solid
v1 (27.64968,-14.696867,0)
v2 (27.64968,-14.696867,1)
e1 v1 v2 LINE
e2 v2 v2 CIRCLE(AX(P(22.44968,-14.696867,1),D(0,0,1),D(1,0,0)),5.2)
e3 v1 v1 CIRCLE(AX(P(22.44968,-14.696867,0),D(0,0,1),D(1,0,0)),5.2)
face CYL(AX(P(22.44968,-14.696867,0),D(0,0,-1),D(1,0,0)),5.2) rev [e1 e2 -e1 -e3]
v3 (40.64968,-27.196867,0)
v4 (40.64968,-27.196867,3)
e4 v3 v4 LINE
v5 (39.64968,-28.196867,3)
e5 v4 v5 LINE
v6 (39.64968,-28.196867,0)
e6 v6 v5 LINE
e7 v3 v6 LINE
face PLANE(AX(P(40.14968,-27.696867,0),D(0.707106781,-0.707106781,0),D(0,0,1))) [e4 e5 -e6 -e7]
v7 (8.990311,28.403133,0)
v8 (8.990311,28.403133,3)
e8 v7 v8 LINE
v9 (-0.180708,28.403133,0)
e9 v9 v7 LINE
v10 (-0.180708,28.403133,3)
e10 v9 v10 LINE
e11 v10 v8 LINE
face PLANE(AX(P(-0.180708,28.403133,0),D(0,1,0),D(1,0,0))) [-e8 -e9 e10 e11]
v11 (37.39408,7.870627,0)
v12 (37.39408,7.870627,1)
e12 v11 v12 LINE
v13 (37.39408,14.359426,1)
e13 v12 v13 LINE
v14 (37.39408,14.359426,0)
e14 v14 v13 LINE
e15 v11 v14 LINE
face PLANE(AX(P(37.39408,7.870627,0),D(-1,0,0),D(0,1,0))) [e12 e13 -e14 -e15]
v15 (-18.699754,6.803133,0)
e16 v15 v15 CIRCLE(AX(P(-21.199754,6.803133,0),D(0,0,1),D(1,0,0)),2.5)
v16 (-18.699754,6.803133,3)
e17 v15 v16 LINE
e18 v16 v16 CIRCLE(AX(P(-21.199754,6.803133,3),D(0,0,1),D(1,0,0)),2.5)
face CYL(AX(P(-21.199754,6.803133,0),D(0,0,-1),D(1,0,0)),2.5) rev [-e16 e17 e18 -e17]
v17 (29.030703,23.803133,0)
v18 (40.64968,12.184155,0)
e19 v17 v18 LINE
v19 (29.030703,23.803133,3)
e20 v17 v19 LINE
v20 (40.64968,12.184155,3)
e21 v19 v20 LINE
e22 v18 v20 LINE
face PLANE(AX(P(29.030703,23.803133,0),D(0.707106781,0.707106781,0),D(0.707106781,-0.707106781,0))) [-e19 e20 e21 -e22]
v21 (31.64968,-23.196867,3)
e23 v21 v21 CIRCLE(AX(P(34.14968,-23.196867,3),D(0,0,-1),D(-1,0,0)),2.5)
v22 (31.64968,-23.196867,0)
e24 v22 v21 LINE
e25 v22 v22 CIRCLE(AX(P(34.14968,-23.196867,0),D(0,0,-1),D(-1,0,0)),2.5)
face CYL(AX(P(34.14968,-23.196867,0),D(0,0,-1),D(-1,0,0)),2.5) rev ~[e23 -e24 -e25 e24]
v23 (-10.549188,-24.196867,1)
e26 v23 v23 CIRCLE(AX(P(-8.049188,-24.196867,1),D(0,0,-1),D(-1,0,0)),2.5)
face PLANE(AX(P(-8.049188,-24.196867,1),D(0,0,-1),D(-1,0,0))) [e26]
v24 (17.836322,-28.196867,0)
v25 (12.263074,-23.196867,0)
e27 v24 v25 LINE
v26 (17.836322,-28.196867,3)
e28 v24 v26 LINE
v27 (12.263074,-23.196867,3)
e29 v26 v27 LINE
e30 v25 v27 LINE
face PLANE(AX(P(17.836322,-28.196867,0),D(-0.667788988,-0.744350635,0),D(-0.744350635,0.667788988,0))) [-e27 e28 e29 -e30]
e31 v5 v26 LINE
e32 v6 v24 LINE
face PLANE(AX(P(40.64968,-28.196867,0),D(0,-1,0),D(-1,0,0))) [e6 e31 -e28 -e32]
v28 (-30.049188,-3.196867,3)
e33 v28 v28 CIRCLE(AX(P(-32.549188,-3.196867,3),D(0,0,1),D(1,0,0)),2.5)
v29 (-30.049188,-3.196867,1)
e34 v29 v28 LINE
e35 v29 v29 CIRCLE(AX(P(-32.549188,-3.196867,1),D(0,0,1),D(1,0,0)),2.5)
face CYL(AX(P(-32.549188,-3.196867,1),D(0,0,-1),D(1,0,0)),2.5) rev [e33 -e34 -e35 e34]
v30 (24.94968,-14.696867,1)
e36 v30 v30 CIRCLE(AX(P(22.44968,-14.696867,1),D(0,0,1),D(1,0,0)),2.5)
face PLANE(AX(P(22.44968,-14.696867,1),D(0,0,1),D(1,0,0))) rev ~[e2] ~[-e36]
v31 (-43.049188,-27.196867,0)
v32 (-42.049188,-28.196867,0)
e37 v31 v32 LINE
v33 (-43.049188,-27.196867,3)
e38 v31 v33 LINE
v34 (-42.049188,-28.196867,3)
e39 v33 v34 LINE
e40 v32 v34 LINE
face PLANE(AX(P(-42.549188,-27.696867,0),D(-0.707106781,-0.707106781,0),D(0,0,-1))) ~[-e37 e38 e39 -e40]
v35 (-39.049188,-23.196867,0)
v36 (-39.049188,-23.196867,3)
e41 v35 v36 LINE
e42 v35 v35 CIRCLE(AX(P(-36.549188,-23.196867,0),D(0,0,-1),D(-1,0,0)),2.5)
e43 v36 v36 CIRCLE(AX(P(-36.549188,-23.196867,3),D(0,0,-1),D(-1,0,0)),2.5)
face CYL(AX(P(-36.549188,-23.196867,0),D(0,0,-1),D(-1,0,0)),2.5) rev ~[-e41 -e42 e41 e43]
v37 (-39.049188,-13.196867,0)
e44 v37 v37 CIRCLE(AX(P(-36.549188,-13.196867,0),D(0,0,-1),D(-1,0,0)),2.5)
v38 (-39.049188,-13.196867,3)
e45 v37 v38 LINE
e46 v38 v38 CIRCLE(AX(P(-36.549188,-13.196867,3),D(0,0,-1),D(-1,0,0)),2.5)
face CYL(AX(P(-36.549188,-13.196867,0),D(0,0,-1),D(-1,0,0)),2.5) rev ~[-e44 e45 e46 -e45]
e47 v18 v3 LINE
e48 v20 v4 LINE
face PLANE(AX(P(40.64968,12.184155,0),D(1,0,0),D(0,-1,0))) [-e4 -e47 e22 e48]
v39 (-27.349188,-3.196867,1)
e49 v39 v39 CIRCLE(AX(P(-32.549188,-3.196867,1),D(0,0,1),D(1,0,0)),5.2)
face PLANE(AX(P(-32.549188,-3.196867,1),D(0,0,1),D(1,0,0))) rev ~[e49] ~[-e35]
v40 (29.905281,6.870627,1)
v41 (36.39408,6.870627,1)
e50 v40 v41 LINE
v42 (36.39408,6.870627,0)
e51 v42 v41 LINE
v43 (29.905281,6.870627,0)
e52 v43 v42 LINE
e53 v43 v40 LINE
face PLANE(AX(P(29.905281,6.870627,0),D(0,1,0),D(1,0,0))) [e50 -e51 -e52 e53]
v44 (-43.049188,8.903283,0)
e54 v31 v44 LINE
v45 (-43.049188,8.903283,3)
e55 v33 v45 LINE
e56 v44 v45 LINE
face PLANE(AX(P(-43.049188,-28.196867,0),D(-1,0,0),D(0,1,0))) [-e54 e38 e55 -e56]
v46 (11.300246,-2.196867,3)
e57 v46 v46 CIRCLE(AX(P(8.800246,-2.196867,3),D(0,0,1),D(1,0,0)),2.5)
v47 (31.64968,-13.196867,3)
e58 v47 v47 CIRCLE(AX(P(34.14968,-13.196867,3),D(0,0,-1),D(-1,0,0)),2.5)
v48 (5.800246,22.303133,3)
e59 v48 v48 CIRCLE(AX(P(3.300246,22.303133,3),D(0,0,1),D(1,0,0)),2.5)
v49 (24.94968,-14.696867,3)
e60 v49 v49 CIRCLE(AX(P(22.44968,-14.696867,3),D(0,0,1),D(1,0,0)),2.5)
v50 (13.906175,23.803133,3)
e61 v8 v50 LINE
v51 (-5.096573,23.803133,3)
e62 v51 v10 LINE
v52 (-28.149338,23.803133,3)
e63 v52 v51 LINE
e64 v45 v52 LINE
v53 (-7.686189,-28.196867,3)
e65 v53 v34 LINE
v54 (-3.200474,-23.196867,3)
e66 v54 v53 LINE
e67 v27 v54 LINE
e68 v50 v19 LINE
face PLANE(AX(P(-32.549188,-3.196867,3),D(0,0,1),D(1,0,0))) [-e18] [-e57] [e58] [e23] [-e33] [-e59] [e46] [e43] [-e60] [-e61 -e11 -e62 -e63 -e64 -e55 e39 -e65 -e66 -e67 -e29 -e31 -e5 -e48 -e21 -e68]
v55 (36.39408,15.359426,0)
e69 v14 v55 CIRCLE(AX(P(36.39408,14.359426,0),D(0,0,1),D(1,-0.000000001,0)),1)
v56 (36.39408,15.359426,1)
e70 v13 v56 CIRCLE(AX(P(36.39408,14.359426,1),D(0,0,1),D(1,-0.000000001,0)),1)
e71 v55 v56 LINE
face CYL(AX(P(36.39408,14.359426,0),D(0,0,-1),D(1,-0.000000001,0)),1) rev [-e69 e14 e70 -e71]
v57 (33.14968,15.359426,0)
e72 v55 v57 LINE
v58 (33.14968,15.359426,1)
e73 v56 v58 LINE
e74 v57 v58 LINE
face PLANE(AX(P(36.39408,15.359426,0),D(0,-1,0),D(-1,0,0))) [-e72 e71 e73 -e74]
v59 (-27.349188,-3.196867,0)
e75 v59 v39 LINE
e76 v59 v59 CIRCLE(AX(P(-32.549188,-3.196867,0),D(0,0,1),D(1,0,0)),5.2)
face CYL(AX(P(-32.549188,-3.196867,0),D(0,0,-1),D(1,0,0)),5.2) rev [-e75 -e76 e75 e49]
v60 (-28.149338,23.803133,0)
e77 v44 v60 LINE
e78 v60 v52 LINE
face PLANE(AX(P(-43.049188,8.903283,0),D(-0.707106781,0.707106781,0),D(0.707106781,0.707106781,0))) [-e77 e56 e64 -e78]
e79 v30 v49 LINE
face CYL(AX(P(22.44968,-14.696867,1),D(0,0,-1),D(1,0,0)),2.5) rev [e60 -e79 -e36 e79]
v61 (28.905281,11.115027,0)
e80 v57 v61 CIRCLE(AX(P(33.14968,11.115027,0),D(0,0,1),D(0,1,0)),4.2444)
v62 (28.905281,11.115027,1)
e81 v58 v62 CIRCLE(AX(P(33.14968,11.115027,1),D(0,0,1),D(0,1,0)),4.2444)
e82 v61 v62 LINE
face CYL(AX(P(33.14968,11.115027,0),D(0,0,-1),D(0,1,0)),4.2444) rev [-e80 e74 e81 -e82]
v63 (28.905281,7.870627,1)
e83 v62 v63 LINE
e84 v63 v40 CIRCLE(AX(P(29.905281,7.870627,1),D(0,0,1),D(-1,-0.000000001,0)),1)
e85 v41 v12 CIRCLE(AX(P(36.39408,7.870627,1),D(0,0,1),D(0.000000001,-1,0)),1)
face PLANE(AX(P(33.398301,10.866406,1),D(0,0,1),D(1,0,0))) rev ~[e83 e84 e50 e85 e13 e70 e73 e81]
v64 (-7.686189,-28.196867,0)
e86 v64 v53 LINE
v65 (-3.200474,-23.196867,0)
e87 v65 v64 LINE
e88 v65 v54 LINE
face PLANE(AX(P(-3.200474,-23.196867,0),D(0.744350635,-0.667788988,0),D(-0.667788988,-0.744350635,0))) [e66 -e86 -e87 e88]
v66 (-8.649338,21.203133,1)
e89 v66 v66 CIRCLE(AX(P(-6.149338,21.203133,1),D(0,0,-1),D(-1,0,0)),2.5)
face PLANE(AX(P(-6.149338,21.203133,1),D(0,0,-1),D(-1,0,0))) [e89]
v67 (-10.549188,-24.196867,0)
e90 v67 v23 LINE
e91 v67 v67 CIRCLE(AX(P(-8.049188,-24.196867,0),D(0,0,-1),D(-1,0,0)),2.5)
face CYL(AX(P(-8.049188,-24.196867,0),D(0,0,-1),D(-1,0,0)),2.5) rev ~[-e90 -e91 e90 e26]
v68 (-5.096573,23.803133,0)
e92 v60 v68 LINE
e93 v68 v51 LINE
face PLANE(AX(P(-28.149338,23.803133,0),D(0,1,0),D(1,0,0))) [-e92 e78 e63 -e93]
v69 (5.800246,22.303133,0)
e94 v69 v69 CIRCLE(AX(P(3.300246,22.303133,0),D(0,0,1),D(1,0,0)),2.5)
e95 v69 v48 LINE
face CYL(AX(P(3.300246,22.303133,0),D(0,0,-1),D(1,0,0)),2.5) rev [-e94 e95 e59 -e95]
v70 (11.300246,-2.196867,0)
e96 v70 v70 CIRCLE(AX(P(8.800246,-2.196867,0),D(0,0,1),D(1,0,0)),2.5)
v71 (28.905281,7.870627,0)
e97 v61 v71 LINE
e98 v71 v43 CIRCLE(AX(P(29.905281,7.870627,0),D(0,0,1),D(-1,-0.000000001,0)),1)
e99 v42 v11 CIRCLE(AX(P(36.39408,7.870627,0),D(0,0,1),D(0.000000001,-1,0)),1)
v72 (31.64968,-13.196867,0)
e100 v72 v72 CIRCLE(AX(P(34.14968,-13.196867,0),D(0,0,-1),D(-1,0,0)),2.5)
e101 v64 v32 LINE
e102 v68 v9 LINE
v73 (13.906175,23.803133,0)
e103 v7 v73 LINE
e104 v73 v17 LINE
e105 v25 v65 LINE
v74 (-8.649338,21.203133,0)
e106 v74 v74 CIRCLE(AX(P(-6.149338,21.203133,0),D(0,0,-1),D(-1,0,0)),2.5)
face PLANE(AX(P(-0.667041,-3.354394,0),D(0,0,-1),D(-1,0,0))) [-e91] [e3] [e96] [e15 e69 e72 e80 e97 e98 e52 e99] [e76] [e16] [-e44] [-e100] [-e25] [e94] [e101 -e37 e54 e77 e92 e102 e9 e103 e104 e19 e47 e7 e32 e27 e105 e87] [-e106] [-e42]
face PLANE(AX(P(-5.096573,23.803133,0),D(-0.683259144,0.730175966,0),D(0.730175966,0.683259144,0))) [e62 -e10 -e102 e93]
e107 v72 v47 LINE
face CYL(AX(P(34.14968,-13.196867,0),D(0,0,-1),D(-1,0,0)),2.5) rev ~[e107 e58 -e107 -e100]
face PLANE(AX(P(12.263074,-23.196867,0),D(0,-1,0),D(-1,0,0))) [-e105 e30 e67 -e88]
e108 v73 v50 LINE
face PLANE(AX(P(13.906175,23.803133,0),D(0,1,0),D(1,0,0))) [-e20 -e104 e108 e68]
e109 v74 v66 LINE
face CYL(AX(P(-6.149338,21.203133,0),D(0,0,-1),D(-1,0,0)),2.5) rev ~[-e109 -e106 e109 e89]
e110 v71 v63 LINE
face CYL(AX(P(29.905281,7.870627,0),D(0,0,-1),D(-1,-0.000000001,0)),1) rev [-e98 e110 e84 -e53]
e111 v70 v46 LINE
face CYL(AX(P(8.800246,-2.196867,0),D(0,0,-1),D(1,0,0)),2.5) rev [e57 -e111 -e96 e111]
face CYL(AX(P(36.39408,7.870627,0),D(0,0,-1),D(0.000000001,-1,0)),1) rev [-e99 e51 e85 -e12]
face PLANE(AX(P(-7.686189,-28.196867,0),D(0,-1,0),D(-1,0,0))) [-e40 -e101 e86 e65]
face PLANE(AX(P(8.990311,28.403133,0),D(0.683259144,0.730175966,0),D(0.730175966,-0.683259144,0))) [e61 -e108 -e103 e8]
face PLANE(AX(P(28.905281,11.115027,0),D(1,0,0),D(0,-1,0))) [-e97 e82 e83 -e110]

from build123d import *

# Parameters (mm, degrees)
SKETCH_1_R          = 5.2
SKETCH_1_R_2        = 2.5
EXTRUDE_1_DEPTH     = 3
EXTRUDE_START       = -2
SKETCH_3_R          = 5.2
SKETCH_3_R_2        = 2.5
EXTRUDE_3_DEPTH     = 2
SKETCH_7_R          = 2.5
CUT_EXTRUDE_1_DEPTH = 1
CUT_EXTRUDE_2_REACH = 53.662
SKETCH_9_R          = 2.5
CHAMFER_1_SIZE      = 1


with BuildPart() as part:
    # 스케치1 → 보스-돌출1 (new body)
    with BuildSketch(Plane.XY):
        Polygon((13.906175134, 23.803132686), (29.030703027, 23.803132686), (40.649680384, 12.184155329), (40.649680384, -28.196867314), (17.836321525, -28.196867314), (12.263074219, -23.196867314), (-3.200474103, -23.196867314), (-7.686189276, -28.196867314), (-43.049187557, -28.196867314), (-43.049187557, 8.903282862), (-28.149337734, 23.803132686), (-5.096572968, 23.803132686), (-0.180708362, 28.403132686), (8.990310529, 28.403132686), align=None)
        with Locations((22.449680384, -14.696867314)):
            Circle(SKETCH_1_R, mode=Mode.SUBTRACT)
        with Locations((-32.549187557, -3.196867314)):
            Circle(SKETCH_1_R, mode=Mode.SUBTRACT)
        with Locations((8.800246413, -2.196867314)):
            Circle(SKETCH_1_R_2, mode=Mode.SUBTRACT)
        with Locations((3.300246413, 22.303132686)):
            Circle(SKETCH_1_R_2, mode=Mode.SUBTRACT)
        with Locations((-21.199753587, 6.803132686)):
            Circle(SKETCH_1_R_2, mode=Mode.SUBTRACT)
    extrude(amount=EXTRUDE_1_DEPTH)

    # 스케치3 → 보스-돌출3 (add)
    # profile 1 of 2: a face of its own
    with BuildSketch(Plane.XY.offset(3).offset(EXTRUDE_START)):
        with Locations((-32.549187557, -3.196867314)):
            Circle(SKETCH_3_R)
        with Locations((-32.549187557, -3.196867314)):
            Circle(SKETCH_3_R_2, mode=Mode.SUBTRACT)
    # profile 2 of 2: a face of its own
    with BuildSketch(Plane.XY.offset(3).offset(EXTRUDE_START)):
        with Locations((22.449680384, -14.696867314)):
            Circle(SKETCH_3_R)
        with Locations((22.449680384, -14.696867314)):
            Circle(SKETCH_3_R_2, mode=Mode.SUBTRACT)
    extrude(amount=EXTRUDE_3_DEPTH)

    # 스케치7 → 컷-돌출1 (cut)
    with BuildSketch(Plane(origin=(0, 0, 0), x_dir=(-1, 0, 0), z_dir=(0, 0, -1))):
        with Locations((8.049187557, -24.196867314)):
            Circle(SKETCH_7_R)
        with Locations((6.149337734, 21.203132686)):
            Circle(SKETCH_7_R)
        with BuildLine():
            Line((-37.39408004, 7.870627017), (-37.39408004, 14.359426329))
            ThreePointArc((-37.39408004, 14.359426329), (-37.101186821, 15.066533111), (-36.39408004, 15.359426329))
            Line((-36.39408004, 15.359426329), (-33.149680384, 15.359426329))
            ThreePointArc((-33.149680384, 15.359426329), (-30.148436605, 14.116270452), (-28.905280727, 11.115026673))
            Line((-28.905280727, 11.115026673), (-28.905280727, 7.870627017))
            ThreePointArc((-28.905280727, 7.870627017), (-29.198173946, 7.163520236), (-29.905280727, 6.870627017))
            Line((-29.905280727, 6.870627017), (-36.39408004, 6.870627017))
            ThreePointArc((-36.39408004, 6.870627017), (-37.101186821, 7.163520236), (-37.39408004, 7.870627017))
        make_face()
    extrude(amount=-CUT_EXTRUDE_1_DEPTH, mode=Mode.SUBTRACT)

    # 스케치9 → 컷-돌출2 (cut, up to next)
    with BuildSketch(Plane(origin=(0, 0, 0), x_dir=(-1, 0, 0), z_dir=(0, 0, -1)), mode=Mode.PRIVATE) as cut_extrude_2_sk1:
        with Locations((-34.149680384, -13.196867314)):
            Circle(SKETCH_9_R)
    cut_extrude_2_tool1 = extrude(cut_extrude_2_sk1.sketch, amount=-CUT_EXTRUDE_2_REACH, mode=Mode.PRIVATE) & part.part
    # 스케치9 → 컷-돌출2 (cut, up to next)
    with BuildSketch(Plane(origin=(0, 0, 0), x_dir=(-1, 0, 0), z_dir=(0, 0, -1)), mode=Mode.PRIVATE) as cut_extrude_2_sk2:
        with Locations((-34.149680384, -23.196867314)):
            Circle(SKETCH_9_R)
    cut_extrude_2_tool2 = extrude(cut_extrude_2_sk2.sketch, amount=-CUT_EXTRUDE_2_REACH, mode=Mode.PRIVATE) & part.part
    # 스케치9 → 컷-돌출2 (cut, up to next)
    with BuildSketch(Plane(origin=(0, 0, 0), x_dir=(-1, 0, 0), z_dir=(0, 0, -1)), mode=Mode.PRIVATE) as cut_extrude_2_sk3:
        with Locations((36.549187557, -13.196867314)):
            Circle(SKETCH_9_R)
    cut_extrude_2_tool3 = extrude(cut_extrude_2_sk3.sketch, amount=-CUT_EXTRUDE_2_REACH, mode=Mode.PRIVATE) & part.part
    # 스케치9 → 컷-돌출2 (cut, up to next)
    with BuildSketch(Plane(origin=(0, 0, 0), x_dir=(-1, 0, 0), z_dir=(0, 0, -1)), mode=Mode.PRIVATE) as cut_extrude_2_sk4:
        with Locations((36.549187557, -23.196867314)):
            Circle(SKETCH_9_R)
    cut_extrude_2_tool4 = extrude(cut_extrude_2_sk4.sketch, amount=-CUT_EXTRUDE_2_REACH, mode=Mode.PRIVATE) & part.part
    add(cut_extrude_2_tool1.solids().sort_by_distance((34.14968, -13.196867, 0))[0], mode=Mode.SUBTRACT)
    add(cut_extrude_2_tool2.solids().sort_by_distance((34.14968, -23.196867, 0))[0], mode=Mode.SUBTRACT)
    add(cut_extrude_2_tool3.solids().sort_by_distance((-36.549188, -13.196867, 0))[0], mode=Mode.SUBTRACT)
    add(cut_extrude_2_tool4.solids().sort_by_distance((-36.549188, -23.196867, 0))[0], mode=Mode.SUBTRACT)

    # 모따기1
    chamfer_1_edges = [part.edges().sort_by_distance(p)[0] for p in [
        (40.649680384, -28.196867314, 1.5),
        (-43.049187557, -28.196867314, 1.5),
    ]]
    chamfer(chamfer_1_edges, length=CHAMFER_1_SIZE)


solid = part.part
